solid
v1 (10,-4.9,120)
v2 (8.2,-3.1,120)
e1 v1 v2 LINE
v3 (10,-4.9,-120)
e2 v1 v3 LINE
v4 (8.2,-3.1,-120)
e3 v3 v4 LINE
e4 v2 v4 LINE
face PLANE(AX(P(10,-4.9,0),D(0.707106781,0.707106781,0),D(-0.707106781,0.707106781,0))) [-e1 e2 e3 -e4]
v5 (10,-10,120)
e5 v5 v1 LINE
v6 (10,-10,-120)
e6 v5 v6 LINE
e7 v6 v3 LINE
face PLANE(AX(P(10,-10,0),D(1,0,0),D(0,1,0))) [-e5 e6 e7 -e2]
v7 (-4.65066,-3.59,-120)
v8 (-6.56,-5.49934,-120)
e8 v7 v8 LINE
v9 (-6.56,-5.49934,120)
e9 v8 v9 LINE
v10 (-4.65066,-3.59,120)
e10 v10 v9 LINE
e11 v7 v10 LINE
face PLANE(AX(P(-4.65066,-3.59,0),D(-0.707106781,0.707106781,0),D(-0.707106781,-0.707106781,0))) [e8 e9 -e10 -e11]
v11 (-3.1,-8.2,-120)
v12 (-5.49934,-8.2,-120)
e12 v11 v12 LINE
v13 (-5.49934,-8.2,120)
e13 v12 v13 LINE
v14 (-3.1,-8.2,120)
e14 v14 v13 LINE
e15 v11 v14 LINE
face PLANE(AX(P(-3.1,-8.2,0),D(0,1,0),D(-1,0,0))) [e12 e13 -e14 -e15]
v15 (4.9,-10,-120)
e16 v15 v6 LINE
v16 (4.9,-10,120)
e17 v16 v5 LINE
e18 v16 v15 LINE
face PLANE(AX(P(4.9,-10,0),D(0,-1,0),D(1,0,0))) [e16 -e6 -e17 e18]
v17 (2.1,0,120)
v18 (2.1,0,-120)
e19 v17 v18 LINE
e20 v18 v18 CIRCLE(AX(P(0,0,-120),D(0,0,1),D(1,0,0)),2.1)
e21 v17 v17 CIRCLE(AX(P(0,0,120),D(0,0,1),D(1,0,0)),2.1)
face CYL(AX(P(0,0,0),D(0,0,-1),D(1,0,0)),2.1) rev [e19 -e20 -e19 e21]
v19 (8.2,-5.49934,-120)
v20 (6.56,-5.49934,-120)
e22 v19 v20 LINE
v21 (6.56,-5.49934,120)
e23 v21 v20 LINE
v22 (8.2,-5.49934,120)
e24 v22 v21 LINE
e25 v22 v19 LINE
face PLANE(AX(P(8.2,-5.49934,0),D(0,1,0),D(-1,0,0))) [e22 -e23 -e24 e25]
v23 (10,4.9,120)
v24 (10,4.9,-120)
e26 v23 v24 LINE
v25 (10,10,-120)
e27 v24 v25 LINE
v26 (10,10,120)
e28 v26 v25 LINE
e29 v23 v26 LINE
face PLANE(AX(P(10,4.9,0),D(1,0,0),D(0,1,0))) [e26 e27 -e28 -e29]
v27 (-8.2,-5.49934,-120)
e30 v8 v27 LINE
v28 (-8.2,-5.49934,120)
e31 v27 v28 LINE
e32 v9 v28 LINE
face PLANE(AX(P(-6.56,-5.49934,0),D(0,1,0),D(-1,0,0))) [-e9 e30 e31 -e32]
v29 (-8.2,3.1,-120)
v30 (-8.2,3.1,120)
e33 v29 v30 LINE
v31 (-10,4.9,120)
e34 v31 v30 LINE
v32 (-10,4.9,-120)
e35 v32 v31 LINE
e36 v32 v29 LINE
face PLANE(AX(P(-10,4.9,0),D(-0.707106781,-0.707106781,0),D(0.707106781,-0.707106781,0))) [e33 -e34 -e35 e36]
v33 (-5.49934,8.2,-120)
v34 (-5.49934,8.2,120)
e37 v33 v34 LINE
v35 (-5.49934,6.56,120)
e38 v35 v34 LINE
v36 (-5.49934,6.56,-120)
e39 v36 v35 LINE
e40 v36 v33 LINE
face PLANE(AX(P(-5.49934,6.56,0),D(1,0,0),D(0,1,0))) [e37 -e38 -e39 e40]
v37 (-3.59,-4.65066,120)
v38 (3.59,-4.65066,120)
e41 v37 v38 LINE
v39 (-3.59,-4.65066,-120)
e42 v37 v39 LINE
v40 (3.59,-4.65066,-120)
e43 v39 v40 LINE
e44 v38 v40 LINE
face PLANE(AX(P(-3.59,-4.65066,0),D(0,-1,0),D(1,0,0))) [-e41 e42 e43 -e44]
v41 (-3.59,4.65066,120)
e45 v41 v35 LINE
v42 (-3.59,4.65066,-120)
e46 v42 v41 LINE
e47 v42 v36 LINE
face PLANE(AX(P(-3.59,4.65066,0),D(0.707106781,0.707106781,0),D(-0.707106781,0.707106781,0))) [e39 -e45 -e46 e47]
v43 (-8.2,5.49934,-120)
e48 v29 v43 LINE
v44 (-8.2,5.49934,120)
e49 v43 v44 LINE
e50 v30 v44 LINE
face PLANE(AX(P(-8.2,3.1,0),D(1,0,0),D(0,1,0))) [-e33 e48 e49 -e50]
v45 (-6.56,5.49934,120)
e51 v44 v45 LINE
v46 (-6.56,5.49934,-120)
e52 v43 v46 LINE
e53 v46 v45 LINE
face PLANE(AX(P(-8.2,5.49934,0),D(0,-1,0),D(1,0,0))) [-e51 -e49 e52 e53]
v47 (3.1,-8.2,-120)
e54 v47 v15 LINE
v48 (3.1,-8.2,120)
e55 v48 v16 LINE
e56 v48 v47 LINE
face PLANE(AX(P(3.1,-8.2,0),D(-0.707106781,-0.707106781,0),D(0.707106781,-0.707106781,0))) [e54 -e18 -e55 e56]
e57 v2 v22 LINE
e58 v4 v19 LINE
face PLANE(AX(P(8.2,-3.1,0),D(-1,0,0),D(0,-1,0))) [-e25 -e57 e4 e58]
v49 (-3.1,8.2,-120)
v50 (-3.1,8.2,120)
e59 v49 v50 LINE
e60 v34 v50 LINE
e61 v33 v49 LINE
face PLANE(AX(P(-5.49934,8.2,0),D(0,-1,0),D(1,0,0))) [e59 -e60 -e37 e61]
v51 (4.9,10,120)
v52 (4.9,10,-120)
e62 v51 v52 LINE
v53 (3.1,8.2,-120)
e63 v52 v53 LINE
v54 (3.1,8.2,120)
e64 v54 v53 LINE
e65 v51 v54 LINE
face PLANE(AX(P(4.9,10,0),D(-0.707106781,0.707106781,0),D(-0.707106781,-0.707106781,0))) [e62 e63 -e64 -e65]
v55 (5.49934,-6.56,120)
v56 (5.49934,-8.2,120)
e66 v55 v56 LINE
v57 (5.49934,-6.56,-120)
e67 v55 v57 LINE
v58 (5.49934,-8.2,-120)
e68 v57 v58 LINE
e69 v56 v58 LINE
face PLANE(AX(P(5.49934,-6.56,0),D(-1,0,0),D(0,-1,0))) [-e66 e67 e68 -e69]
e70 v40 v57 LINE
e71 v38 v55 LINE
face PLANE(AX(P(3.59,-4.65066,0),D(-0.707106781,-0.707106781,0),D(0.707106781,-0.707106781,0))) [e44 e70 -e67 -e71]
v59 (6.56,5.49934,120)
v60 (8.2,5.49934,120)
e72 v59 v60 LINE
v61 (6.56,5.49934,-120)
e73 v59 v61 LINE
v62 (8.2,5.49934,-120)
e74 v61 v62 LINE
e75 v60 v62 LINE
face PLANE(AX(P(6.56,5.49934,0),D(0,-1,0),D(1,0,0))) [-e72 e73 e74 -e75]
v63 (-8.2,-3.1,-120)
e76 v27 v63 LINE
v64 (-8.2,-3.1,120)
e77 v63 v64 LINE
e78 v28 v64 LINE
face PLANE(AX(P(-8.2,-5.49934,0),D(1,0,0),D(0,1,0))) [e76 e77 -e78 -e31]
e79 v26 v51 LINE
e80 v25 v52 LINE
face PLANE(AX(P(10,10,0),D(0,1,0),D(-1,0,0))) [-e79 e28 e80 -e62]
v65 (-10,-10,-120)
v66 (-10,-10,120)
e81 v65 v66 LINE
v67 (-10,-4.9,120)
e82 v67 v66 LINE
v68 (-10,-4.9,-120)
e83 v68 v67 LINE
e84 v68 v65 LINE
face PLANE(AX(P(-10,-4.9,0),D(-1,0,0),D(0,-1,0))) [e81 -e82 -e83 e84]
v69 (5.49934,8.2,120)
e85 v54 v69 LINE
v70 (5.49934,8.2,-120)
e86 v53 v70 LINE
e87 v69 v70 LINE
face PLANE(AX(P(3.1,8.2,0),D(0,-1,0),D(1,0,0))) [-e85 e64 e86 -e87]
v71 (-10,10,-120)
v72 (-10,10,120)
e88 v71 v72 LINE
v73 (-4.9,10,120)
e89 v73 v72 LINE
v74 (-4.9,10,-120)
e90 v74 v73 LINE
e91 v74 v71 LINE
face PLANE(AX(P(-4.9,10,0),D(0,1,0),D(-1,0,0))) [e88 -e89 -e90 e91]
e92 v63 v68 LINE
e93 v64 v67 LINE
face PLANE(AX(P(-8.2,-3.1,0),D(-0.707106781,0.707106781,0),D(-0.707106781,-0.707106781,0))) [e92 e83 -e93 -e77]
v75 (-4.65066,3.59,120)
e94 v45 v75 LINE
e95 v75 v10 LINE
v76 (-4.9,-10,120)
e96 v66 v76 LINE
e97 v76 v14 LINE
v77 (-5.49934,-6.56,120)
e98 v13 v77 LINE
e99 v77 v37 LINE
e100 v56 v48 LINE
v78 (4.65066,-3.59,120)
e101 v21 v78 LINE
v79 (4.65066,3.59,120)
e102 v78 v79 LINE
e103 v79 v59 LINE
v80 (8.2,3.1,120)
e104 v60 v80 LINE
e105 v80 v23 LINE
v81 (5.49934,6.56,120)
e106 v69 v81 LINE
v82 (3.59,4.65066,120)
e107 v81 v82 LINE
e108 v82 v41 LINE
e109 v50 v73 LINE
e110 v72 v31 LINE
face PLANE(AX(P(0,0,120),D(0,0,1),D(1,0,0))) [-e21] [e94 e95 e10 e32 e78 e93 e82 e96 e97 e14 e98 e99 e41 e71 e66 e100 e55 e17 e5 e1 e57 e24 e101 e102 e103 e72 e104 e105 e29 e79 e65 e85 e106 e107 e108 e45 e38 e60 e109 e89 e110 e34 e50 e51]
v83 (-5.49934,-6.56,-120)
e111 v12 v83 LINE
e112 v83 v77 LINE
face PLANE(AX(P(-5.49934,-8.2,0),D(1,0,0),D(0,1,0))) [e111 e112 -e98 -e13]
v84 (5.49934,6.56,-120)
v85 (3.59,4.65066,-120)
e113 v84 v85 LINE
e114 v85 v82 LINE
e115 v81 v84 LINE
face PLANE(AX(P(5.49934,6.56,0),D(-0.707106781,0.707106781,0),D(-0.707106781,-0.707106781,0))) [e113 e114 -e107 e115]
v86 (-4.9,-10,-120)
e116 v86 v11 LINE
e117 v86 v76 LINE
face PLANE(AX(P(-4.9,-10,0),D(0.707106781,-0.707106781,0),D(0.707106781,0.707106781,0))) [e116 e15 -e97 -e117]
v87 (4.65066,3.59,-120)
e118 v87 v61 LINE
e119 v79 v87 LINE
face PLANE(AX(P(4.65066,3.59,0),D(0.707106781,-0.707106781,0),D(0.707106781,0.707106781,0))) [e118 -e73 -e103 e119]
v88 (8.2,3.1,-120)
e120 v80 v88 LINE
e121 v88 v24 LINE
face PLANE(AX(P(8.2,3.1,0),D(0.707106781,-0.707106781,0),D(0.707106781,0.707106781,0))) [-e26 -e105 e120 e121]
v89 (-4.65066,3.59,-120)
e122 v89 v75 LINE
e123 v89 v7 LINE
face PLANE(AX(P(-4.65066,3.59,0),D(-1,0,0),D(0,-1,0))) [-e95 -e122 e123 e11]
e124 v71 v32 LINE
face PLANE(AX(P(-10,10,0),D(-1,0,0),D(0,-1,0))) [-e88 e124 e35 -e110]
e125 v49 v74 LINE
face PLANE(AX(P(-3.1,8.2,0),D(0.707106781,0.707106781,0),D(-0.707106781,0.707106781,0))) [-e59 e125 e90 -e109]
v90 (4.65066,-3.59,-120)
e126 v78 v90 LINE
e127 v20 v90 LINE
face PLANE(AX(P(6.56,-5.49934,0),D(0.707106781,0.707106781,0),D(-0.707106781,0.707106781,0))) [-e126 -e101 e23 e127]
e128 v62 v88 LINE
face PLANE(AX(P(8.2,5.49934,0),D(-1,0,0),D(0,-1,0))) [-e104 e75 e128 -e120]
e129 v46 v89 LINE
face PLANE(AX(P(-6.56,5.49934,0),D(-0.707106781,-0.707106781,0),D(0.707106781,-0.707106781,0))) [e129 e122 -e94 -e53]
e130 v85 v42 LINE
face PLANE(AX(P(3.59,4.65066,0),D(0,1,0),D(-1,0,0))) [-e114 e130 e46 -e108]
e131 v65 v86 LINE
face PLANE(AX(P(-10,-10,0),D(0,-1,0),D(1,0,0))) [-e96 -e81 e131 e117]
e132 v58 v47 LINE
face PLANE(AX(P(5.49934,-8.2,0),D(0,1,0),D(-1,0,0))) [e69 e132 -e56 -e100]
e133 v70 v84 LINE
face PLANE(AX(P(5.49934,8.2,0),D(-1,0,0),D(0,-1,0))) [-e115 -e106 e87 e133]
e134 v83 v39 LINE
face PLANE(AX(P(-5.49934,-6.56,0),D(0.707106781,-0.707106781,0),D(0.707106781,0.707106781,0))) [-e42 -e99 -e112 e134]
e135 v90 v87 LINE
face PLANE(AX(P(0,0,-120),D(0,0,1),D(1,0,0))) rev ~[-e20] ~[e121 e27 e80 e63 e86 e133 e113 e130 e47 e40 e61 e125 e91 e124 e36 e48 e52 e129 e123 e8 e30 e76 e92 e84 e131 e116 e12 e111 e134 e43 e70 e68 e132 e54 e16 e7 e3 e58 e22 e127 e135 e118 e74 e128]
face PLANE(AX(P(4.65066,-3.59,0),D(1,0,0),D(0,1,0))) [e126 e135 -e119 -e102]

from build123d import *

# Parameters (mm, degrees)
SKETCH1_R           = 2.1
BOSS_EXTRUDE1_DEPTH = 120


with BuildPart() as part:
    # Sketch1 → Boss-Extrude1 (new body, symmetric)
    with BuildSketch(Plane.XY):
        Polygon((5.499339828, 6.56), (3.59, 4.650660172), (-3.59, 4.650660172), (-5.499339828, 6.56), (-5.499339828, 8.2), (-3.1, 8.2), (-4.9, 10), (-10, 10), (-10, 4.9), (-8.2, 3.1), (-8.2, 5.499339828), (-6.56, 5.499339828), (-4.650660172, 3.59), (-4.650660172, -3.59), (-6.56, -5.499339828), (-8.2, -5.499339828), (-8.2, -3.1), (-10, -4.9), (-10, -10), (-4.9, -10), (-3.1, -8.2), (-5.499339828, -8.2), (-5.499339828, -6.56), (-3.59, -4.650660172), (3.59, -4.650660172), (5.499339828, -6.56), (5.499339828, -8.2), (3.1, -8.2), (4.9, -10), (10, -10), (10, -4.9), (8.2, -3.1), (8.2, -5.499339828), (6.56, -5.499339828), (4.650660172, -3.59), (4.650660172, 3.59), (6.56, 5.499339828), (8.2, 5.499339828), (8.2, 3.1), (10, 4.9), (10, 10), (4.9, 10), (3.1, 8.2), (5.499339828, 8.2), align=None)
        Circle(SKETCH1_R, mode=Mode.SUBTRACT)
    extrude(amount=BOSS_EXTRUDE1_DEPTH, both=True)


solid = part.part
